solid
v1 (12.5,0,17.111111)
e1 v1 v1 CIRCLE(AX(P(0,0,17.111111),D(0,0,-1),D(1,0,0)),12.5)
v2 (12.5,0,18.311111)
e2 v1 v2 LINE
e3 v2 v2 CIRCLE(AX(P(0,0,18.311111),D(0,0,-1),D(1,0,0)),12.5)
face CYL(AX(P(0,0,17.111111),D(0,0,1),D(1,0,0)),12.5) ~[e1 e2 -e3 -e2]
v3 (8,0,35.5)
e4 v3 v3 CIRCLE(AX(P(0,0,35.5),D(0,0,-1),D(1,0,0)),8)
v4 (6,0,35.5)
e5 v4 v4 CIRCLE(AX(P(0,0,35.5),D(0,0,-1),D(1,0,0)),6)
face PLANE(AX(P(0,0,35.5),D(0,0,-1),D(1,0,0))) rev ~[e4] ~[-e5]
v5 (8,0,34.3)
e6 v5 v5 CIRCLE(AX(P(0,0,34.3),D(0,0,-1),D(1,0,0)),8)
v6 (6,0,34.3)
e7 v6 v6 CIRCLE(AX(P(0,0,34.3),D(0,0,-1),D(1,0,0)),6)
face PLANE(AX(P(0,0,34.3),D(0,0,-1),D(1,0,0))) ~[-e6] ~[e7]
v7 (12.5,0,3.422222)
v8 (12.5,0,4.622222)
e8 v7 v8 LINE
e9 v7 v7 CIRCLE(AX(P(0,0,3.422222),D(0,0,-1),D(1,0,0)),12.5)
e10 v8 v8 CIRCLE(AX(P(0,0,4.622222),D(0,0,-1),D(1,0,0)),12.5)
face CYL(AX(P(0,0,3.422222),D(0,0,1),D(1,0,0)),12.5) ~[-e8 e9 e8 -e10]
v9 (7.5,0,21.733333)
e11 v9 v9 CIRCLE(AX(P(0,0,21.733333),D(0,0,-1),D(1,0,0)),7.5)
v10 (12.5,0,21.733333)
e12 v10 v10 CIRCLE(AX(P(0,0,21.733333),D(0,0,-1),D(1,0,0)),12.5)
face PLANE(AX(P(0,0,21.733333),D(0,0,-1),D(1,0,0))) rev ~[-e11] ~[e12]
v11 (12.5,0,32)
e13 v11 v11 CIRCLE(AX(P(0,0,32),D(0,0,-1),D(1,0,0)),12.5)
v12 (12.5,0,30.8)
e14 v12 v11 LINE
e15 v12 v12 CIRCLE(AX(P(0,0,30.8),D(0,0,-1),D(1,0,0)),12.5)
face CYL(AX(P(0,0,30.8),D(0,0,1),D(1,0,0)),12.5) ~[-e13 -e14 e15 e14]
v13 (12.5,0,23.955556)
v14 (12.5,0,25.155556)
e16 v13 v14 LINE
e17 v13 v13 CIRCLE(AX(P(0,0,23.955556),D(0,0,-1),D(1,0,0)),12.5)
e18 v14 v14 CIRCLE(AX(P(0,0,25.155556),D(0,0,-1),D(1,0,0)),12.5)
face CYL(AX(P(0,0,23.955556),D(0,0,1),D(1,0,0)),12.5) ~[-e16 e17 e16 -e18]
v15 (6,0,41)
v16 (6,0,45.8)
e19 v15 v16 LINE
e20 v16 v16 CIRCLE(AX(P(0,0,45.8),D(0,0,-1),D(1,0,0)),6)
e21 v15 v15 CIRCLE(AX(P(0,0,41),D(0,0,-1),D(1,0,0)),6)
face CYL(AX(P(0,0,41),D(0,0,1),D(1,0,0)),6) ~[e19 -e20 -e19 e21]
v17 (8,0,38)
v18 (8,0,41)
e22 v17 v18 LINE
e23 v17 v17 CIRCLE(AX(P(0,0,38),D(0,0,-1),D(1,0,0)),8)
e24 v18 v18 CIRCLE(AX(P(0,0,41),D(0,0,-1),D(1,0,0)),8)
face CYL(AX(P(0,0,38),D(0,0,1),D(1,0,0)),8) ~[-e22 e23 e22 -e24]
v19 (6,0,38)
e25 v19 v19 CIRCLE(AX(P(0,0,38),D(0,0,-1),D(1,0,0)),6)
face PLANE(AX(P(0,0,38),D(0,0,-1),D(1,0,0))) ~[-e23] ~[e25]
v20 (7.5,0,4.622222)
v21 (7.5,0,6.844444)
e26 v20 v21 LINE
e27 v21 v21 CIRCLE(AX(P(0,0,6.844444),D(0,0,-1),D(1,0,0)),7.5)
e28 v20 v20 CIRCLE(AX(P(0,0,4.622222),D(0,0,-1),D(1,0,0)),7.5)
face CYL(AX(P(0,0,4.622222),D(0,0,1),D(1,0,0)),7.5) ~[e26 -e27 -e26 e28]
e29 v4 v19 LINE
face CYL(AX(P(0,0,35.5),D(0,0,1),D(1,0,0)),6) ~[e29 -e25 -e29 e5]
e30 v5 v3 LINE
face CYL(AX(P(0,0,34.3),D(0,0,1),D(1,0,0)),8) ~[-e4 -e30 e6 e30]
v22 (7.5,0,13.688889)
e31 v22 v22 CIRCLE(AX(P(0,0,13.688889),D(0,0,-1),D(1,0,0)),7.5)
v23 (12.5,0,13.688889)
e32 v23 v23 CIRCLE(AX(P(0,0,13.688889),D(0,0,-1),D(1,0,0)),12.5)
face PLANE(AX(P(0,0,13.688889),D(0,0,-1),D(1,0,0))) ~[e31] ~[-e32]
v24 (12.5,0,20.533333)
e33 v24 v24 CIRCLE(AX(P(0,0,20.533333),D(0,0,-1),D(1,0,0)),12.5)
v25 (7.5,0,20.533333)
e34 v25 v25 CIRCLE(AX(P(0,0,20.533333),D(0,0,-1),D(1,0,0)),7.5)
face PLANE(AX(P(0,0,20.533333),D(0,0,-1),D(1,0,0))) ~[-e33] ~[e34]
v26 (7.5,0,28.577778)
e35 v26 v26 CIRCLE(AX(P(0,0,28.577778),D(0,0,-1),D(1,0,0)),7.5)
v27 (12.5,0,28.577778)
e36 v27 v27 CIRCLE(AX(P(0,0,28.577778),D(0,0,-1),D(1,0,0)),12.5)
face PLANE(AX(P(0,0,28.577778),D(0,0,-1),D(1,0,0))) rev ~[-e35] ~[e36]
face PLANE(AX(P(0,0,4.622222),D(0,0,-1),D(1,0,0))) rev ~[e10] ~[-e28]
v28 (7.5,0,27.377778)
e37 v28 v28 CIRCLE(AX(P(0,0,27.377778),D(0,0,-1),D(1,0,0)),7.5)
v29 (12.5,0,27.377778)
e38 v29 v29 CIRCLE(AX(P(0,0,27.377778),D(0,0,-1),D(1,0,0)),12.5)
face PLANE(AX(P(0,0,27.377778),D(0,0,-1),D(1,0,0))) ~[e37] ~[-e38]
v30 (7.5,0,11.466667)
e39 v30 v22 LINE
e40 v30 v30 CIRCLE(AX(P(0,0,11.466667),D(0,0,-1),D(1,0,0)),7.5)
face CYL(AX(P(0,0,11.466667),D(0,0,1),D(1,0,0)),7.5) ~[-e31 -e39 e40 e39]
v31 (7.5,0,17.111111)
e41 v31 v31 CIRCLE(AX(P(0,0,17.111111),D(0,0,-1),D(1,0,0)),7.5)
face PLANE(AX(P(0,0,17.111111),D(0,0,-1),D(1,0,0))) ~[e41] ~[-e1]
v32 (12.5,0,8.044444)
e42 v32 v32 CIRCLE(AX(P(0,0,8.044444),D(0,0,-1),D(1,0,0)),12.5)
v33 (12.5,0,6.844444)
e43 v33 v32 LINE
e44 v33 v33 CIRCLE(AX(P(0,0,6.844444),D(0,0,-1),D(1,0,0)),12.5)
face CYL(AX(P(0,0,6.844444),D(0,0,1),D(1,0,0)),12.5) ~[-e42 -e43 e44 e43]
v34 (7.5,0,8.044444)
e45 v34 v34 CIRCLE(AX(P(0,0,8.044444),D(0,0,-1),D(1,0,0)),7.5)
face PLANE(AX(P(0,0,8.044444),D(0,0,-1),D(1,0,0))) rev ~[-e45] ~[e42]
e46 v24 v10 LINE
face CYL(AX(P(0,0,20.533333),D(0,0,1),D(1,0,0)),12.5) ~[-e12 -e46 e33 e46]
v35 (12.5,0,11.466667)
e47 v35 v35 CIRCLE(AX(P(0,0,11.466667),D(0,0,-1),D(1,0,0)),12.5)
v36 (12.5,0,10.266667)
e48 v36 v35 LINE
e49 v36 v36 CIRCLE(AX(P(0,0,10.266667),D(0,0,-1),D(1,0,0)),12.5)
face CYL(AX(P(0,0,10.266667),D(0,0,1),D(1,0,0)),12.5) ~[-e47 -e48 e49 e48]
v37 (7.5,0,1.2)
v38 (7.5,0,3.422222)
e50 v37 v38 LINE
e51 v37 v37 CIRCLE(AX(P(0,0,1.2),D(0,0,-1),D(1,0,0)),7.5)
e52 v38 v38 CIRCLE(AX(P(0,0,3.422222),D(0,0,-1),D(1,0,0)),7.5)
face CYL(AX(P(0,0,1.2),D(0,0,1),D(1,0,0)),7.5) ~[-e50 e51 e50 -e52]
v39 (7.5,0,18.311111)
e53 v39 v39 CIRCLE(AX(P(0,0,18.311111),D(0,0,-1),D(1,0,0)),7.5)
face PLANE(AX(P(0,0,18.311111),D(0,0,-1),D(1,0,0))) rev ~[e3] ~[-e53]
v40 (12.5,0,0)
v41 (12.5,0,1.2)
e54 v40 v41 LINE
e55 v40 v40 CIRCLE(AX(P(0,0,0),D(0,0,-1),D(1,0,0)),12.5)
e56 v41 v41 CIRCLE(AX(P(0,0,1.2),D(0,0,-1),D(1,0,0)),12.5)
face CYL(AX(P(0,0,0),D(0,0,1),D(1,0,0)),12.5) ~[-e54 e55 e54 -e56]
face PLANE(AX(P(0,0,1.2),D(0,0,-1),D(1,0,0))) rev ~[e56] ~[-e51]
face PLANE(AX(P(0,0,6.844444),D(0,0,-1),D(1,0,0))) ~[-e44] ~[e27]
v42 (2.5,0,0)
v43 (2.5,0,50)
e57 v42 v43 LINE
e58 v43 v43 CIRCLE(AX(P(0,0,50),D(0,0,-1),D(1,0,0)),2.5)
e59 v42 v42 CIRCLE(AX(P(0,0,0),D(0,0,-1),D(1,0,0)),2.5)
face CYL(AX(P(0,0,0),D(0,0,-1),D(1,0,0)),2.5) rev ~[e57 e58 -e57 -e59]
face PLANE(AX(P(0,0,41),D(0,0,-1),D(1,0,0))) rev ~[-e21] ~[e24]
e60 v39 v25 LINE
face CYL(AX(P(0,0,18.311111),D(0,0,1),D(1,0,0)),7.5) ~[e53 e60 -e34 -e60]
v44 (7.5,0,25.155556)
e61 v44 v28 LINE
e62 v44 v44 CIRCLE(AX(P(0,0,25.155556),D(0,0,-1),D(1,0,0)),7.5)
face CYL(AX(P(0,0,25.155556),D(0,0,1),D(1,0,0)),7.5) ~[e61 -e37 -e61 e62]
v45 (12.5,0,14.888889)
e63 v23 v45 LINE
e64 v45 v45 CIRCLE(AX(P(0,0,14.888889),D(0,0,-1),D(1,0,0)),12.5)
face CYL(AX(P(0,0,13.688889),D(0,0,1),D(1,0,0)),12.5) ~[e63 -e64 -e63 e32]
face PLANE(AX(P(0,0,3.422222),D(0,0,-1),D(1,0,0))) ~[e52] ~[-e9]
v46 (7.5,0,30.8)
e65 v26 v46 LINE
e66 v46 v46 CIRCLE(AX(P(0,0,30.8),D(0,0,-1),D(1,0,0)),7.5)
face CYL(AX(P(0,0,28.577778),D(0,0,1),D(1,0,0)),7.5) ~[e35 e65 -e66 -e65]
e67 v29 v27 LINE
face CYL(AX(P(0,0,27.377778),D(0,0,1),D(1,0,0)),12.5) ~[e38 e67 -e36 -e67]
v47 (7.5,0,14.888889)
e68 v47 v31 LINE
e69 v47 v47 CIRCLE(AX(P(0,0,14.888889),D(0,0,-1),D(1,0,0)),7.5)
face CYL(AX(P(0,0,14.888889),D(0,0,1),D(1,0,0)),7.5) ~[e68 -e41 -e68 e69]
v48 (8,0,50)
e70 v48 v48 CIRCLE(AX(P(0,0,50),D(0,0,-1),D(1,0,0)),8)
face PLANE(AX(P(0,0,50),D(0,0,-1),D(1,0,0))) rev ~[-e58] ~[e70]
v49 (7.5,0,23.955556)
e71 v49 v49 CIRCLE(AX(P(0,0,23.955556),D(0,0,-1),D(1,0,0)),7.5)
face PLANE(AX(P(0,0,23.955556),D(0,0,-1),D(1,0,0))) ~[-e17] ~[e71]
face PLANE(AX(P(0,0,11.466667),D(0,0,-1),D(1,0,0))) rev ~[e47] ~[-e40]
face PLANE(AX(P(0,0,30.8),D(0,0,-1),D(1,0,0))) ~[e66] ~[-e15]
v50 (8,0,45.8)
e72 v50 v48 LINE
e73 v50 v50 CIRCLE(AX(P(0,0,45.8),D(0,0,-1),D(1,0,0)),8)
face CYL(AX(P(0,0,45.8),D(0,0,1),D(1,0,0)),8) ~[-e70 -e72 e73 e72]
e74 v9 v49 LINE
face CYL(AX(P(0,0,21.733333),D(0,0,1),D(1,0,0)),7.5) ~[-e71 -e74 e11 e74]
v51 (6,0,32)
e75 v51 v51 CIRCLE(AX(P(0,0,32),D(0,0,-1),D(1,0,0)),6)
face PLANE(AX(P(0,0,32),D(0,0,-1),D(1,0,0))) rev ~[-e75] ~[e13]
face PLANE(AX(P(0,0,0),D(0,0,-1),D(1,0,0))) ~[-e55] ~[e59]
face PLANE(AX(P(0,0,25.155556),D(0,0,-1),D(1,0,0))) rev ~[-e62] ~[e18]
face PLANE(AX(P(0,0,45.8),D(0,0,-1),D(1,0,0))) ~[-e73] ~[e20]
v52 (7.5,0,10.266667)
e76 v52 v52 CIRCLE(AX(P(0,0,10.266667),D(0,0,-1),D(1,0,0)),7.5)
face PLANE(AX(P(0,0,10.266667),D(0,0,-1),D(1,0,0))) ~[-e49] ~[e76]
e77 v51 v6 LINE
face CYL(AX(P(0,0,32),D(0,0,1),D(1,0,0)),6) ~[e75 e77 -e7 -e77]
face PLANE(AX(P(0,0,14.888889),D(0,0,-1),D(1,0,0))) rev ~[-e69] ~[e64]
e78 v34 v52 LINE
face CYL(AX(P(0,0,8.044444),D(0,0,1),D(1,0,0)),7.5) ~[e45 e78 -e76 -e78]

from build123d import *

# Parameters (mm, degrees)
F2_R     = 2.5
F3_DEPTH = 50.001


with BuildPart() as f1:
    # F0 (on Front) → F1 (revolve)
    with BuildSketch(Plane.XZ):
        Polygon((0, 50), (0, 0), (12.5, 0), (12.5, 1.2), (7.5, 1.2), (7.5, 3.422222), (12.5, 3.422222), (12.5, 4.622222), (7.5, 4.622222), (7.5, 6.844444), (12.5, 6.844444), (12.5, 8.044444), (7.5, 8.044444), (7.5, 10.266667), (12.5, 10.266667), (12.5, 11.466667), (7.5, 11.466667), (7.5, 13.688889), (12.5, 13.688889), (12.5, 14.888889), (7.5, 14.888889), (7.5, 17.111111), (12.5, 17.111111), (12.5, 18.311111), (7.5, 18.311111), (7.5, 20.533333), (12.5, 20.533333), (12.5, 21.733333), (7.5, 21.733333), (7.5, 23.955556), (12.5, 23.955556), (12.5, 25.155556), (7.5, 25.155556), (7.5, 27.377778), (12.5, 27.377778), (12.5, 28.577778), (7.5, 28.577778), (7.5, 30.8), (12.5, 30.8), (12.5, 32), (6, 32), (6, 34.3), (8, 34.3), (8, 35.5), (6, 35.5), (6, 38), (8, 38), (8, 41), (6, 41), (6, 45.8), (8, 45.8), (8, 50), align=None)
    revolve(axis=Axis((0, 0, 25), (0, 0, -1)))

    # F2 (on face) → F3 (cut, through all)
    with BuildSketch(Plane(origin=(0, 0, 0), x_dir=(1, 0, 0), z_dir=(0, 0, -1))):
        Circle(F2_R)
    extrude(amount=-F3_DEPTH, mode=Mode.SUBTRACT)


solid = f1.part
